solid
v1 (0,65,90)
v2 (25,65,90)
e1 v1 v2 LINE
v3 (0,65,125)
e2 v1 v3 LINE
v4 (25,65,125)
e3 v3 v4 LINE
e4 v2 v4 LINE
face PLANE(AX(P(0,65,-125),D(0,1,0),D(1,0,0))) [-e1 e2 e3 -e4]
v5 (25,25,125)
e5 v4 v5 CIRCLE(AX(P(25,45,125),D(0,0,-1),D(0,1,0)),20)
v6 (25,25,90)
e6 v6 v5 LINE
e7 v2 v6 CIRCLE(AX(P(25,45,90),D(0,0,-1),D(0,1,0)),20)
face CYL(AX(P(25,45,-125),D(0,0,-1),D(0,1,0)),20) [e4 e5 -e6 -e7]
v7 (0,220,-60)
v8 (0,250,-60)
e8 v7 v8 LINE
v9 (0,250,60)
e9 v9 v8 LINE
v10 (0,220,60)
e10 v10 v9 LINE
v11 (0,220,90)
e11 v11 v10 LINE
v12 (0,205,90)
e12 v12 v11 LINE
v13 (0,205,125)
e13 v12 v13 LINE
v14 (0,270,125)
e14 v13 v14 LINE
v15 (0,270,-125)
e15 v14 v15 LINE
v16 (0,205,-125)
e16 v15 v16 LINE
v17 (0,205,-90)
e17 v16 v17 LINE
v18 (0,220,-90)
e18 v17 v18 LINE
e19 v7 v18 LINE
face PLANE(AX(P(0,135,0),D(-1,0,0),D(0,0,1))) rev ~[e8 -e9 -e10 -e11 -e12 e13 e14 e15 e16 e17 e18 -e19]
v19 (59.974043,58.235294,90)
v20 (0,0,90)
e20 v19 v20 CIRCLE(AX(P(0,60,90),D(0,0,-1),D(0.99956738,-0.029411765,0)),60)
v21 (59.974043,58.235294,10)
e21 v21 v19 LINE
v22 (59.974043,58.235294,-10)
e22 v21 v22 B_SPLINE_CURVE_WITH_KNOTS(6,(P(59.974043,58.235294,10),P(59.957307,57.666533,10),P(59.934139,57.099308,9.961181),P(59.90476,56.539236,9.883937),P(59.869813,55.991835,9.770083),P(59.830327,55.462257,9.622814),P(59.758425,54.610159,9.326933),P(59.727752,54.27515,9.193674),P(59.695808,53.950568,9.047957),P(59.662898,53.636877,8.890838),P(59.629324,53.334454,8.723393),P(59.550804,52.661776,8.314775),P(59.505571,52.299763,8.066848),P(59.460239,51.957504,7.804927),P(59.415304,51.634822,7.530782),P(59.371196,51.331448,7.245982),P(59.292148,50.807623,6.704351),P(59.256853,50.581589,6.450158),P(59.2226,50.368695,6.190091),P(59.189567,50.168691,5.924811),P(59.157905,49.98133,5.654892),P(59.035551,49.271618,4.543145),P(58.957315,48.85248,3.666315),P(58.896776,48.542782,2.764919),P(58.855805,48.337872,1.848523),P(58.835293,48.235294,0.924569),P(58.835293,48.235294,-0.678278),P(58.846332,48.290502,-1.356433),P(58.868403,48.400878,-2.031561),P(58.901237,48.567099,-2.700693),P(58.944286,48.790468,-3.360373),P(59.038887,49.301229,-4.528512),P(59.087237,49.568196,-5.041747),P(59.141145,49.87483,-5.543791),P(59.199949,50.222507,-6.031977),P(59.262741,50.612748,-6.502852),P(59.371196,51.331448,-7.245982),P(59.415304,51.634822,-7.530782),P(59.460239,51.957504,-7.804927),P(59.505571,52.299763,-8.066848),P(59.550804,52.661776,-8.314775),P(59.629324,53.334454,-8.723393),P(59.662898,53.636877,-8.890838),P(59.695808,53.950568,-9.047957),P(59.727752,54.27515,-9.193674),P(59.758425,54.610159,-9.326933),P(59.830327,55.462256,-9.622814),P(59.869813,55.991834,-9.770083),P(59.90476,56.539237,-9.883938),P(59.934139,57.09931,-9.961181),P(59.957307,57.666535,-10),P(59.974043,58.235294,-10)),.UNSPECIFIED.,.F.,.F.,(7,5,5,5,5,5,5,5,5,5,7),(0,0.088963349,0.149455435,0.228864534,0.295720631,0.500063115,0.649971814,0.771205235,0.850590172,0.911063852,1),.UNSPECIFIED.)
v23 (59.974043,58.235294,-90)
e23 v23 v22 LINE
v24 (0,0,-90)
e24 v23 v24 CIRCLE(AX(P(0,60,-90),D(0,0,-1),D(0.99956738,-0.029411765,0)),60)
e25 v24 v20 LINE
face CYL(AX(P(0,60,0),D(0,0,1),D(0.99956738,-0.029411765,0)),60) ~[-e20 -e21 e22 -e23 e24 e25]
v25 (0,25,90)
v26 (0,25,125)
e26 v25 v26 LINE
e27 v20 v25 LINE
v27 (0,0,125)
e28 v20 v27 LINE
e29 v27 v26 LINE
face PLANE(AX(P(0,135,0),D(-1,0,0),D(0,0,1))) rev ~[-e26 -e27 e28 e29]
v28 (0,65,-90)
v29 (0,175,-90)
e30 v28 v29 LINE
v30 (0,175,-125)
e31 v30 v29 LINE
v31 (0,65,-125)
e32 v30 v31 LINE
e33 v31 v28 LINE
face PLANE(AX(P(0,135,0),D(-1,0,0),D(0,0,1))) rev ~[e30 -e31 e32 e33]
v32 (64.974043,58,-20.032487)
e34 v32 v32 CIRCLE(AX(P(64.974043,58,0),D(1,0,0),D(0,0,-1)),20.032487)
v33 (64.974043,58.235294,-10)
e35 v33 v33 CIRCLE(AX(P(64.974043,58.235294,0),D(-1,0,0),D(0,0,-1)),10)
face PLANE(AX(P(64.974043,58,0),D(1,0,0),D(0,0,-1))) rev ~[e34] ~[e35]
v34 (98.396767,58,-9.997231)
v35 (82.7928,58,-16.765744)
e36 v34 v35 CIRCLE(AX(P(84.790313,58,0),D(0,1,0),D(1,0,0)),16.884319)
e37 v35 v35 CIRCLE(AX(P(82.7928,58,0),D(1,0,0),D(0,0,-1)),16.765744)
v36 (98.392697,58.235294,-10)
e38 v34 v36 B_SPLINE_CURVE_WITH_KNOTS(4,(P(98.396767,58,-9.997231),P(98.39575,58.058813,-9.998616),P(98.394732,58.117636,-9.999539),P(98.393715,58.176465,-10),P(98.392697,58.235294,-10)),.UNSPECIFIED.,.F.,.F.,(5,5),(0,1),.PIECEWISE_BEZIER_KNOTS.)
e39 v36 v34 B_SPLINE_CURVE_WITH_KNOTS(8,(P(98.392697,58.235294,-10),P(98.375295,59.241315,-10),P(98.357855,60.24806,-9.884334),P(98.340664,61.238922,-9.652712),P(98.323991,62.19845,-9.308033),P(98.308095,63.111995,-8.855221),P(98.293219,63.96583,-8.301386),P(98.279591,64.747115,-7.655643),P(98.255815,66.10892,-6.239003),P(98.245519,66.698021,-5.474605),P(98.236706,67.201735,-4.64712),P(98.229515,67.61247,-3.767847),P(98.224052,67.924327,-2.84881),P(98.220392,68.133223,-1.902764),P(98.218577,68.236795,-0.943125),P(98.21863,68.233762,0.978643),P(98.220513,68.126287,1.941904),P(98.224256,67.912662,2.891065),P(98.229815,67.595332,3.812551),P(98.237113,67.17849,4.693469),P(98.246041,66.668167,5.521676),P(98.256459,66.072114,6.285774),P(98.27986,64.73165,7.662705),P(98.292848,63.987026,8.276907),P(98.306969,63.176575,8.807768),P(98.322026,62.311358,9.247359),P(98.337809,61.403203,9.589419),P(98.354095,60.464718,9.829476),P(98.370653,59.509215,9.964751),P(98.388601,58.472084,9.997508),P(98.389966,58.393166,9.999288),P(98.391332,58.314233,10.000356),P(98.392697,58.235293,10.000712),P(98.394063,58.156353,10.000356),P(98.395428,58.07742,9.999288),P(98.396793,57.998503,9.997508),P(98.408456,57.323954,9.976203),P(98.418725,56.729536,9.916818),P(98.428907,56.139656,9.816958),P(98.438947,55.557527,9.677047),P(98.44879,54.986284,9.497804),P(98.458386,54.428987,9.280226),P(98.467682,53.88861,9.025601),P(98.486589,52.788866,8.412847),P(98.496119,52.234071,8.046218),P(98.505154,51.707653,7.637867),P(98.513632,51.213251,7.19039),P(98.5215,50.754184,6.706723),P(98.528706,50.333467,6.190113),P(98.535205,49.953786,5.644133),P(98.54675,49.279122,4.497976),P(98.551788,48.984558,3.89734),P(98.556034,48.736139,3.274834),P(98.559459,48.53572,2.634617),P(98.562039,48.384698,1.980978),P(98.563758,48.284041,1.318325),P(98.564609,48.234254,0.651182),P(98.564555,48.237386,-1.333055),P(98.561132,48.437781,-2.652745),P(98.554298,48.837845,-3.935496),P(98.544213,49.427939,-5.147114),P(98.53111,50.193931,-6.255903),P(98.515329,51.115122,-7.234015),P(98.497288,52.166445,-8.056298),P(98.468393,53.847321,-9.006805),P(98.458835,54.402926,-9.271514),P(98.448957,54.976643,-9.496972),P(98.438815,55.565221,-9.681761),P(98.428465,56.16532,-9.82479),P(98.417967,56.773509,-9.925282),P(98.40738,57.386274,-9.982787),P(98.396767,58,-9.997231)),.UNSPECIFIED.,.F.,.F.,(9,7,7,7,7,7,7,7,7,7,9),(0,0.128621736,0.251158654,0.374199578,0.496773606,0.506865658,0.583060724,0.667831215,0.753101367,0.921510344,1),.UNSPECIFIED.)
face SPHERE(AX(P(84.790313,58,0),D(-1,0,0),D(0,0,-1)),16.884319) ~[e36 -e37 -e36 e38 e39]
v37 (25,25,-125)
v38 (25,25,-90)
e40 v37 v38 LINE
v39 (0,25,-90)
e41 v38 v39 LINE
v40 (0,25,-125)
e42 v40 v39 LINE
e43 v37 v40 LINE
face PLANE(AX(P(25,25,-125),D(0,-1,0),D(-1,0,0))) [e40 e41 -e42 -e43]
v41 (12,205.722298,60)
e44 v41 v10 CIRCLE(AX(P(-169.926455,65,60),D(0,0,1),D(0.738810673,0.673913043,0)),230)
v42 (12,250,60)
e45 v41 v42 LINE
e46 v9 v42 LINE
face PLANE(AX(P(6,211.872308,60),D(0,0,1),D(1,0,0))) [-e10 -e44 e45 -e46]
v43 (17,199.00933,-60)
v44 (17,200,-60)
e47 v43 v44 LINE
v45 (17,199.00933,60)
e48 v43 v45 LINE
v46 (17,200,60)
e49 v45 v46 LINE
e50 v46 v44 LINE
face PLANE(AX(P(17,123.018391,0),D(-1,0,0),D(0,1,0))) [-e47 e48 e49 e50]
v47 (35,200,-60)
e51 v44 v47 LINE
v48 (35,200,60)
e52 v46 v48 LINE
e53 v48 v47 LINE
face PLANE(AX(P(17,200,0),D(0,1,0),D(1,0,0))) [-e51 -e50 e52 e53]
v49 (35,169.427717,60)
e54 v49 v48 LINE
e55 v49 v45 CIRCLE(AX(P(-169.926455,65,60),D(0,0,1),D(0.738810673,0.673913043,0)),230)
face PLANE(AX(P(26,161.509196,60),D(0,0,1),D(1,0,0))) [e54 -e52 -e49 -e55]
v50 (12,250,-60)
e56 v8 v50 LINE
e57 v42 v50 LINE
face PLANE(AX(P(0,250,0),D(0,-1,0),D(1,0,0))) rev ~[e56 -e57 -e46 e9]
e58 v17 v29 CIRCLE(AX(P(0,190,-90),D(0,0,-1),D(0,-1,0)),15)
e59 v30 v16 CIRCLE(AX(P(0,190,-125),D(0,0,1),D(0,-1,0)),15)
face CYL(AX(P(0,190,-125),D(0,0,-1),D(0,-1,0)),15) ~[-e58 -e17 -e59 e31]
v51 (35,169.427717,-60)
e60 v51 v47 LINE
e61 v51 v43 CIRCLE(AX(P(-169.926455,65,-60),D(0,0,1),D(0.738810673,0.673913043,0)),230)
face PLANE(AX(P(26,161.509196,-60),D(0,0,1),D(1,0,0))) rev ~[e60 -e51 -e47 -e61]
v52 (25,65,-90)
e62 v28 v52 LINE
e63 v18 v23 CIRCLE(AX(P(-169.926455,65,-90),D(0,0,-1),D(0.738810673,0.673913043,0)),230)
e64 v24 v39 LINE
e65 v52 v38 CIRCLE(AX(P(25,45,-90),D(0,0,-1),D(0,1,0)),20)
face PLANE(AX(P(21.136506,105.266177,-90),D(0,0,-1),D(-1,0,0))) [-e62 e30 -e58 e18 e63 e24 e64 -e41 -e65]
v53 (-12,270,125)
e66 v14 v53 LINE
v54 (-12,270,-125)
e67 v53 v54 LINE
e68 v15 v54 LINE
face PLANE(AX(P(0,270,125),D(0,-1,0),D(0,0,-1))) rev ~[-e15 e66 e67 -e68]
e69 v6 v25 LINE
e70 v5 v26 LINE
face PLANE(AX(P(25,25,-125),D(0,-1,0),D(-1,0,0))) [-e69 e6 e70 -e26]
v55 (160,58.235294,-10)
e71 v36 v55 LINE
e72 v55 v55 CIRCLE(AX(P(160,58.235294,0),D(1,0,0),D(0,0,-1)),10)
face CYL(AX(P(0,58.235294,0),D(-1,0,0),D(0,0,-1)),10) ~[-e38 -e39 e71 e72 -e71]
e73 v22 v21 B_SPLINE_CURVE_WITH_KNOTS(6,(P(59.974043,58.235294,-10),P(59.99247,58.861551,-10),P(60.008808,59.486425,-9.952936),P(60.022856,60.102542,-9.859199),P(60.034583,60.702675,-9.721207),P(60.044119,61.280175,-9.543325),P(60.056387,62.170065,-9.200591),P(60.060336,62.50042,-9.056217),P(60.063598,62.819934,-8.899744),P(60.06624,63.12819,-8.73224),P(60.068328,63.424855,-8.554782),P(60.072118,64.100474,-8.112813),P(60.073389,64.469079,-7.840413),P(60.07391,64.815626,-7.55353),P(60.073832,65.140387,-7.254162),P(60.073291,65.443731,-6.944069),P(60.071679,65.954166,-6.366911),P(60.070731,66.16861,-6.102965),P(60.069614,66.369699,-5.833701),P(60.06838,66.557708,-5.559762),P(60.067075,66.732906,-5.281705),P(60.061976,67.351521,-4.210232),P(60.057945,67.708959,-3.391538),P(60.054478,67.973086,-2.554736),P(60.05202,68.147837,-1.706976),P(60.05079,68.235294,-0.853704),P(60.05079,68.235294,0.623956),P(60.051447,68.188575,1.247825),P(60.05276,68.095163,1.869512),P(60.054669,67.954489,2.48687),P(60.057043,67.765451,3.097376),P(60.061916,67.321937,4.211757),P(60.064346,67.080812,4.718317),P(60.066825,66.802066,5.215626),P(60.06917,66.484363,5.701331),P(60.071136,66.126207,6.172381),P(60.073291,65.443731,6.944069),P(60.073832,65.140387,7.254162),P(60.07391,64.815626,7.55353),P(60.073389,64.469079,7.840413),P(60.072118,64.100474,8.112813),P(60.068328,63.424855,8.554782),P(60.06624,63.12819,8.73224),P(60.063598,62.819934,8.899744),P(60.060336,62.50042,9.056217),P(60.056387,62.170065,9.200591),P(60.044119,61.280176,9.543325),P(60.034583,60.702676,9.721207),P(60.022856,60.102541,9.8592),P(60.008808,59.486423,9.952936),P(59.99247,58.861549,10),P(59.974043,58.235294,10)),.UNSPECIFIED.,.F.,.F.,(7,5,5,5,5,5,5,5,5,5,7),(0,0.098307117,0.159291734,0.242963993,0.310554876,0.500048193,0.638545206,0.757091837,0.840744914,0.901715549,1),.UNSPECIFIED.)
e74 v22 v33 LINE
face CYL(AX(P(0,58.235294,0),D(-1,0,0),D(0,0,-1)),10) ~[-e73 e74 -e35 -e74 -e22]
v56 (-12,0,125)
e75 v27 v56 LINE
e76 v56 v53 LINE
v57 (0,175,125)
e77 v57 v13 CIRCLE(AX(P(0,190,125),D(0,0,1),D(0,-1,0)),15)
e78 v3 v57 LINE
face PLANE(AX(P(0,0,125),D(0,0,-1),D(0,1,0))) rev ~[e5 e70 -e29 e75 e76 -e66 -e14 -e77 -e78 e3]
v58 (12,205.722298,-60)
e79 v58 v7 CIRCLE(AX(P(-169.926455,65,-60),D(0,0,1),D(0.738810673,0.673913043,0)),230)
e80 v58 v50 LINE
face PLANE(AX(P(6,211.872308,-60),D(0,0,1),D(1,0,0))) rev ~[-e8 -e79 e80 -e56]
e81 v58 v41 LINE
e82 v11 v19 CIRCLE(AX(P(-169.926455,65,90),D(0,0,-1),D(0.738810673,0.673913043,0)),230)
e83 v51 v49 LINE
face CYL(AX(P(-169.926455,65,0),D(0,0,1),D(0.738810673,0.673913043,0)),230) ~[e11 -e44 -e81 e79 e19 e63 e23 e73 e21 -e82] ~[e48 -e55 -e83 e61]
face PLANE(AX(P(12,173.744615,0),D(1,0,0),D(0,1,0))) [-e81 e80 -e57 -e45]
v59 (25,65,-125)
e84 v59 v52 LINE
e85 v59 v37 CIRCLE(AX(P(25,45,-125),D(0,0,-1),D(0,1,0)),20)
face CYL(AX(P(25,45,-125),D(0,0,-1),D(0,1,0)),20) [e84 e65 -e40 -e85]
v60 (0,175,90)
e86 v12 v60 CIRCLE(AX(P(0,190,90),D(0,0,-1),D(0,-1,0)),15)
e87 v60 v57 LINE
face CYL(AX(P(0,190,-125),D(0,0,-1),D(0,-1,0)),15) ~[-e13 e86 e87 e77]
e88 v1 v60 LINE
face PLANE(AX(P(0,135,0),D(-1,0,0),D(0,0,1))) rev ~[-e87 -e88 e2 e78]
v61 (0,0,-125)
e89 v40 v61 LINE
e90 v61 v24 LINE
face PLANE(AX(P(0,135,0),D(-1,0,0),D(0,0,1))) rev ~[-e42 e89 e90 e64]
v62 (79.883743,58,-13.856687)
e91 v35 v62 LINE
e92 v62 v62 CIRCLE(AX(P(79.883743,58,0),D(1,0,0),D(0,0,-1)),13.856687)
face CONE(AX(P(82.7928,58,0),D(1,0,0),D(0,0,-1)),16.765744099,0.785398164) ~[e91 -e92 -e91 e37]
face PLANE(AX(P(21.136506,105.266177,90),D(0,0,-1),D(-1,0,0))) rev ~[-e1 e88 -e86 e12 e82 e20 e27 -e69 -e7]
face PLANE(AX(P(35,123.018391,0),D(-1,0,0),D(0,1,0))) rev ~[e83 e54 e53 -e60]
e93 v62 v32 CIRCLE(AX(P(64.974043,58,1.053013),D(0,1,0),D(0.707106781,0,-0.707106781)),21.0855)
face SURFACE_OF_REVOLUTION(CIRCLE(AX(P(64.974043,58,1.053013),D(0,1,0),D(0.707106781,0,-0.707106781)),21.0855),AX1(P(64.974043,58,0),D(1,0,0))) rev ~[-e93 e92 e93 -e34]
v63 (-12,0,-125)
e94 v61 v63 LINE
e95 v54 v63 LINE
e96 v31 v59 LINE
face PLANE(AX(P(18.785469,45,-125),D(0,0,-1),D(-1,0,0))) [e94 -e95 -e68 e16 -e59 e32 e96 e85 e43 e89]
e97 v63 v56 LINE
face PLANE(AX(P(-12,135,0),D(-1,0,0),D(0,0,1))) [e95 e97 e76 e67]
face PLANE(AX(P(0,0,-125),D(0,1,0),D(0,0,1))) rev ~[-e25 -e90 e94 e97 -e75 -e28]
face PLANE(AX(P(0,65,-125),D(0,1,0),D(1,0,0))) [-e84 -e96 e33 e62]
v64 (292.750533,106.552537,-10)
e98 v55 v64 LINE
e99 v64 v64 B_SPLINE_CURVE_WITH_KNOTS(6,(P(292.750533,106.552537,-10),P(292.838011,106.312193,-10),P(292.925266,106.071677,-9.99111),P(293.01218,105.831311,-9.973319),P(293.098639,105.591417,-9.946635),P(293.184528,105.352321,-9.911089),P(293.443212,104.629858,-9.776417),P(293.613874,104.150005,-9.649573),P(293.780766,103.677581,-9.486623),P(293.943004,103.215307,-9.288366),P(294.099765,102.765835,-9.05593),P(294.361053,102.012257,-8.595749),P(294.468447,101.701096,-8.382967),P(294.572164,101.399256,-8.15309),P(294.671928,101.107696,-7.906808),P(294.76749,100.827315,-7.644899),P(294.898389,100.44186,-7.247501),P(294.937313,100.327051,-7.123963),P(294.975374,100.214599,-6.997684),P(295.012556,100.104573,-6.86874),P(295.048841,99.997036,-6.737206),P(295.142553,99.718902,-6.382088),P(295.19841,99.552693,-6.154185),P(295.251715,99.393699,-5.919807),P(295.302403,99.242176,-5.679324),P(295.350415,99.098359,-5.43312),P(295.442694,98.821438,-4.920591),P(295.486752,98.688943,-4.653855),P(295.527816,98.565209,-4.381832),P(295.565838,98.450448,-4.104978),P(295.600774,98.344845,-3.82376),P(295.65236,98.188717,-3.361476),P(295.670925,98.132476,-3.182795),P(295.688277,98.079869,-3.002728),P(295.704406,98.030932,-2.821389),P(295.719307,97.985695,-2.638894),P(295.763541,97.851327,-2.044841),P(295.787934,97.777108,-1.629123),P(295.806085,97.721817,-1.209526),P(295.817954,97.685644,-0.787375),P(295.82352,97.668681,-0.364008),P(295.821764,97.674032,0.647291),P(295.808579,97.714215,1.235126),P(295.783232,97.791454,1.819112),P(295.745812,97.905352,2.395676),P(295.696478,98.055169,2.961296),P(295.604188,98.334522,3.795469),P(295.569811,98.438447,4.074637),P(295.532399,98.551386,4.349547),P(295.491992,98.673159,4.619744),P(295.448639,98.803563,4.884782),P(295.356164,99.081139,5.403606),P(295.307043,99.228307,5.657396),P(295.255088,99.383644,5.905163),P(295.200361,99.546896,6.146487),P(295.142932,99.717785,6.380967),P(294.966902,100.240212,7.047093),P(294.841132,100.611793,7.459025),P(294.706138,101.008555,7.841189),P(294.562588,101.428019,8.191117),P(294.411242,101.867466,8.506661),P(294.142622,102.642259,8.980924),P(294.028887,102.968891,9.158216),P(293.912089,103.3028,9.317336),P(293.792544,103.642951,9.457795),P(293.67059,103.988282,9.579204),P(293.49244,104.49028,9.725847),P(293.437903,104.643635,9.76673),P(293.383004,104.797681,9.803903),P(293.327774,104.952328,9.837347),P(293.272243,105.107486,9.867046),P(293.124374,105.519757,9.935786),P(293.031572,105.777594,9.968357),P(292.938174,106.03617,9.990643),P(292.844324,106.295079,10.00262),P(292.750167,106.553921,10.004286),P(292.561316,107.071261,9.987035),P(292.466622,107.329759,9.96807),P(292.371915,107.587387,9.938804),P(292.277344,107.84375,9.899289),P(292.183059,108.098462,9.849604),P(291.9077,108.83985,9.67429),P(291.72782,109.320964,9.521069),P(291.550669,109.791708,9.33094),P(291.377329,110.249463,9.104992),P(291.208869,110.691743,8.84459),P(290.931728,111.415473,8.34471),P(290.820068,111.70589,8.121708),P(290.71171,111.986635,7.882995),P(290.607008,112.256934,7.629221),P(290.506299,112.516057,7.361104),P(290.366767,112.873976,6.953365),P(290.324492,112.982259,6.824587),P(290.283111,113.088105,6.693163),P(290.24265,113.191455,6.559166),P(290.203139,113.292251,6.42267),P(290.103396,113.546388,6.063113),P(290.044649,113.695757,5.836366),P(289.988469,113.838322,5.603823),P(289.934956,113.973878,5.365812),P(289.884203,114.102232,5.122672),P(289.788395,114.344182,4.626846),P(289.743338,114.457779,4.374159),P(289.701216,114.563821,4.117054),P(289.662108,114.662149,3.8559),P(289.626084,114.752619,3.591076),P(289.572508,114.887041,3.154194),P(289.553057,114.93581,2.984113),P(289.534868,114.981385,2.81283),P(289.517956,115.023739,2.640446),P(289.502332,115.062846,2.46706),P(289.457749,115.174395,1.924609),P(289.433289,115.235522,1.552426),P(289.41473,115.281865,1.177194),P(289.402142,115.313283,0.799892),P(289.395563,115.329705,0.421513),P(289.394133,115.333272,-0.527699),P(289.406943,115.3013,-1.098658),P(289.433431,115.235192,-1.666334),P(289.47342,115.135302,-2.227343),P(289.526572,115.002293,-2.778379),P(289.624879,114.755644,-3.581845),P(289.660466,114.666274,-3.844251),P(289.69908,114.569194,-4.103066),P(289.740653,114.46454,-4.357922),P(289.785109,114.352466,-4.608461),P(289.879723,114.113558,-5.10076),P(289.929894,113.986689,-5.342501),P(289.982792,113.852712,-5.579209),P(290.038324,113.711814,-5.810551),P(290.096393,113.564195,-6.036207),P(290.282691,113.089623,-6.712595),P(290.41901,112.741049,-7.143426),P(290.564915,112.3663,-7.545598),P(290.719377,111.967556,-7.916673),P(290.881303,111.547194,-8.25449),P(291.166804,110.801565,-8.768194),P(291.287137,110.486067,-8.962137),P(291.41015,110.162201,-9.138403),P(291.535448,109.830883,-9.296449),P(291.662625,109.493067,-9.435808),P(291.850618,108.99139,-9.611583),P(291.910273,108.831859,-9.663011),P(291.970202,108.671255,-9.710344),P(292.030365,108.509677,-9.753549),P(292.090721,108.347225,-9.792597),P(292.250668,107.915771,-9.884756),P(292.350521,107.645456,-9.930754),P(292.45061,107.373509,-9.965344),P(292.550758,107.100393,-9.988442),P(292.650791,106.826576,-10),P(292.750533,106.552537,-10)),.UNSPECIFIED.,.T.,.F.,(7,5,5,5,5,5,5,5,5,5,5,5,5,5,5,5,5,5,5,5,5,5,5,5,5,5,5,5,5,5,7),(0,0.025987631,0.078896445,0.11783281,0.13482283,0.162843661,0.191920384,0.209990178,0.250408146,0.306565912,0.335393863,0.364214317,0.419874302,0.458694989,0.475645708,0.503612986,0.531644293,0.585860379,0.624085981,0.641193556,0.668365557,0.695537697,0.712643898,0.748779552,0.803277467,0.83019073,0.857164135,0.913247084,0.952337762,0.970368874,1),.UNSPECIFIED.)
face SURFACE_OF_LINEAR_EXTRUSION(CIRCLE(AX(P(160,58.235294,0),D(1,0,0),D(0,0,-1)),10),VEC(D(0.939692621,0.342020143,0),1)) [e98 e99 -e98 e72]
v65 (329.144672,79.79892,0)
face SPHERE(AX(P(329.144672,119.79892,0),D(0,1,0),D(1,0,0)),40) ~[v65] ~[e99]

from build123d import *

# Parameters (mm, degrees)
BOSS_EXTRUDE2_DEPTH = 90
BOSS_EXTRUDE3_DEPTH = 12
SKETCH3_W           = 18
SKETCH3_H           = 76.981608939
SKETCH3_W_2         = 12
SKETCH3_H_2         = 76.255384777
BOSS_EXTRUDE4_DEPTH = 60
BOSS_EXTRUDE5_START = -250
BOSS_EXTRUDE5_DEPTH = 250
SKETCH5_R           = 10
BOSS_EXTRUDE6_DEPTH = 160
SKETCH8_R           = 10


with BuildPart() as part:
    # Sketch1 → Boss-Extrude2 (new, symmetric)
    with BuildSketch(Plane.XY):
        with BuildLine():
            Line((0, 0), (0, 220))
            ThreePointArc((0, 220), (45.729180399, 144.95403091), (59.974042828, 58.235294118))
            ThreePointArc((59.974042828, 58.235294118), (41.797832761, 16.954196761), (0, 0))
        make_face()
    extrude(amount=BOSS_EXTRUDE2_DEPTH, both=True)

    # Sketch2 → Boss-Extrude3 (add)
    with BuildSketch(Plane.ZY):
        Polygon((0, 0), (125, 0), (125, 270), (-125, 270), (-125, 0), align=None)
    extrude(amount=BOSS_EXTRUDE3_DEPTH)

    # Sketch3 → Boss-Extrude4 (add, symmetric)
    with BuildSketch(Plane.XY):
        with Locations((26, 161.50919553)):
            Rectangle(SKETCH3_W, SKETCH3_H)
        with Locations((6, 211.872307612)):
            Rectangle(SKETCH3_W_2, SKETCH3_H_2)
    extrude(amount=BOSS_EXTRUDE4_DEPTH, both=True)

    # Sketch4 → Boss-Extrude5 (add)
    with BuildSketch(Plane.XY.offset(125).offset(BOSS_EXTRUDE5_START)):
        with BuildLine():
            Line((0, 65), (25, 65))
            ThreePointArc((25, 65), (45, 45), (25, 25))
            Line((25, 25), (0, 25))
            Line((0, 25), (0, 65))
        make_face()
        with BuildLine():
            Line((0, 205), (0, 175))
            ThreePointArc((0, 175), (15, 190), (0, 205))
        make_face()
    extrude(amount=BOSS_EXTRUDE5_DEPTH)

    # Sketch5 → Boss-Extrude6 (add)
    with BuildSketch(Plane(origin=(0, 0, 0), x_dir=(0, 0, -1), z_dir=(1, 0, 0))):
        with Locations((0, 58.235294118)):
            Circle(SKETCH5_R)
    extrude(amount=BOSS_EXTRUDE6_DEPTH)

    # Sketch6 → Revolve2 (revolve)
    with BuildSketch(Plane(origin=(0, 58, 0), x_dir=(1, 0, 0), z_dir=(0, 1, 0))):
        with BuildLine():
            Line((81.674631605, 0), (101.674631605, 0))
            ThreePointArc((101.674631605, 0), (96.000878794, 12.625507314), (82.792800006, 16.765744099))
            Line((82.792800006, 16.765744099), (79.883742711, 13.856686803))
            ThreePointArc((79.883742711, 13.856686803), (73.043114259, 18.427448605), (64.974042828, 20.032486705))
            Line((64.974042828, 20.032486705), (64.974042828, 0))
            Line((64.974042828, 0), (81.674631605, 0))
        make_face()
    revolve(axis=Axis((64.974042828, 58, 0), (1, 0, 0)))

    # Sweep1: sweep along a path in Sketch7
    with BuildLine(Plane.XY) as sweep1_path:
        Line((160, 58.235294118), (329.144671741, 119.798919916))
    # Sketch8 → Sweep1 (sweep)
    with BuildSketch(Plane(origin=(160, 0, 0), x_dir=(0, 0, -1), z_dir=(1, 0, 0))):
        with Locations((0, 58.235294118)):
            Circle(SKETCH8_R)
    sweep(path=sweep1_path.line)

    # Sketch9 → Revolve3 (revolve)
    with BuildSketch(Plane.XY):
        with BuildLine():
            Line((329.144671741, 119.798919916), (329.144671741, 79.798919916))
            ThreePointArc((329.144671741, 79.798919916), (369.144671741, 119.798919916), (329.144671741, 159.798919916))
            Line((329.144671741, 159.798919916), (329.144671741, 119.798919916))
        make_face()
    revolve(axis=Axis((329.144671741, 119.798919916, 0), (0, -1, 0)))


solid = part.part
